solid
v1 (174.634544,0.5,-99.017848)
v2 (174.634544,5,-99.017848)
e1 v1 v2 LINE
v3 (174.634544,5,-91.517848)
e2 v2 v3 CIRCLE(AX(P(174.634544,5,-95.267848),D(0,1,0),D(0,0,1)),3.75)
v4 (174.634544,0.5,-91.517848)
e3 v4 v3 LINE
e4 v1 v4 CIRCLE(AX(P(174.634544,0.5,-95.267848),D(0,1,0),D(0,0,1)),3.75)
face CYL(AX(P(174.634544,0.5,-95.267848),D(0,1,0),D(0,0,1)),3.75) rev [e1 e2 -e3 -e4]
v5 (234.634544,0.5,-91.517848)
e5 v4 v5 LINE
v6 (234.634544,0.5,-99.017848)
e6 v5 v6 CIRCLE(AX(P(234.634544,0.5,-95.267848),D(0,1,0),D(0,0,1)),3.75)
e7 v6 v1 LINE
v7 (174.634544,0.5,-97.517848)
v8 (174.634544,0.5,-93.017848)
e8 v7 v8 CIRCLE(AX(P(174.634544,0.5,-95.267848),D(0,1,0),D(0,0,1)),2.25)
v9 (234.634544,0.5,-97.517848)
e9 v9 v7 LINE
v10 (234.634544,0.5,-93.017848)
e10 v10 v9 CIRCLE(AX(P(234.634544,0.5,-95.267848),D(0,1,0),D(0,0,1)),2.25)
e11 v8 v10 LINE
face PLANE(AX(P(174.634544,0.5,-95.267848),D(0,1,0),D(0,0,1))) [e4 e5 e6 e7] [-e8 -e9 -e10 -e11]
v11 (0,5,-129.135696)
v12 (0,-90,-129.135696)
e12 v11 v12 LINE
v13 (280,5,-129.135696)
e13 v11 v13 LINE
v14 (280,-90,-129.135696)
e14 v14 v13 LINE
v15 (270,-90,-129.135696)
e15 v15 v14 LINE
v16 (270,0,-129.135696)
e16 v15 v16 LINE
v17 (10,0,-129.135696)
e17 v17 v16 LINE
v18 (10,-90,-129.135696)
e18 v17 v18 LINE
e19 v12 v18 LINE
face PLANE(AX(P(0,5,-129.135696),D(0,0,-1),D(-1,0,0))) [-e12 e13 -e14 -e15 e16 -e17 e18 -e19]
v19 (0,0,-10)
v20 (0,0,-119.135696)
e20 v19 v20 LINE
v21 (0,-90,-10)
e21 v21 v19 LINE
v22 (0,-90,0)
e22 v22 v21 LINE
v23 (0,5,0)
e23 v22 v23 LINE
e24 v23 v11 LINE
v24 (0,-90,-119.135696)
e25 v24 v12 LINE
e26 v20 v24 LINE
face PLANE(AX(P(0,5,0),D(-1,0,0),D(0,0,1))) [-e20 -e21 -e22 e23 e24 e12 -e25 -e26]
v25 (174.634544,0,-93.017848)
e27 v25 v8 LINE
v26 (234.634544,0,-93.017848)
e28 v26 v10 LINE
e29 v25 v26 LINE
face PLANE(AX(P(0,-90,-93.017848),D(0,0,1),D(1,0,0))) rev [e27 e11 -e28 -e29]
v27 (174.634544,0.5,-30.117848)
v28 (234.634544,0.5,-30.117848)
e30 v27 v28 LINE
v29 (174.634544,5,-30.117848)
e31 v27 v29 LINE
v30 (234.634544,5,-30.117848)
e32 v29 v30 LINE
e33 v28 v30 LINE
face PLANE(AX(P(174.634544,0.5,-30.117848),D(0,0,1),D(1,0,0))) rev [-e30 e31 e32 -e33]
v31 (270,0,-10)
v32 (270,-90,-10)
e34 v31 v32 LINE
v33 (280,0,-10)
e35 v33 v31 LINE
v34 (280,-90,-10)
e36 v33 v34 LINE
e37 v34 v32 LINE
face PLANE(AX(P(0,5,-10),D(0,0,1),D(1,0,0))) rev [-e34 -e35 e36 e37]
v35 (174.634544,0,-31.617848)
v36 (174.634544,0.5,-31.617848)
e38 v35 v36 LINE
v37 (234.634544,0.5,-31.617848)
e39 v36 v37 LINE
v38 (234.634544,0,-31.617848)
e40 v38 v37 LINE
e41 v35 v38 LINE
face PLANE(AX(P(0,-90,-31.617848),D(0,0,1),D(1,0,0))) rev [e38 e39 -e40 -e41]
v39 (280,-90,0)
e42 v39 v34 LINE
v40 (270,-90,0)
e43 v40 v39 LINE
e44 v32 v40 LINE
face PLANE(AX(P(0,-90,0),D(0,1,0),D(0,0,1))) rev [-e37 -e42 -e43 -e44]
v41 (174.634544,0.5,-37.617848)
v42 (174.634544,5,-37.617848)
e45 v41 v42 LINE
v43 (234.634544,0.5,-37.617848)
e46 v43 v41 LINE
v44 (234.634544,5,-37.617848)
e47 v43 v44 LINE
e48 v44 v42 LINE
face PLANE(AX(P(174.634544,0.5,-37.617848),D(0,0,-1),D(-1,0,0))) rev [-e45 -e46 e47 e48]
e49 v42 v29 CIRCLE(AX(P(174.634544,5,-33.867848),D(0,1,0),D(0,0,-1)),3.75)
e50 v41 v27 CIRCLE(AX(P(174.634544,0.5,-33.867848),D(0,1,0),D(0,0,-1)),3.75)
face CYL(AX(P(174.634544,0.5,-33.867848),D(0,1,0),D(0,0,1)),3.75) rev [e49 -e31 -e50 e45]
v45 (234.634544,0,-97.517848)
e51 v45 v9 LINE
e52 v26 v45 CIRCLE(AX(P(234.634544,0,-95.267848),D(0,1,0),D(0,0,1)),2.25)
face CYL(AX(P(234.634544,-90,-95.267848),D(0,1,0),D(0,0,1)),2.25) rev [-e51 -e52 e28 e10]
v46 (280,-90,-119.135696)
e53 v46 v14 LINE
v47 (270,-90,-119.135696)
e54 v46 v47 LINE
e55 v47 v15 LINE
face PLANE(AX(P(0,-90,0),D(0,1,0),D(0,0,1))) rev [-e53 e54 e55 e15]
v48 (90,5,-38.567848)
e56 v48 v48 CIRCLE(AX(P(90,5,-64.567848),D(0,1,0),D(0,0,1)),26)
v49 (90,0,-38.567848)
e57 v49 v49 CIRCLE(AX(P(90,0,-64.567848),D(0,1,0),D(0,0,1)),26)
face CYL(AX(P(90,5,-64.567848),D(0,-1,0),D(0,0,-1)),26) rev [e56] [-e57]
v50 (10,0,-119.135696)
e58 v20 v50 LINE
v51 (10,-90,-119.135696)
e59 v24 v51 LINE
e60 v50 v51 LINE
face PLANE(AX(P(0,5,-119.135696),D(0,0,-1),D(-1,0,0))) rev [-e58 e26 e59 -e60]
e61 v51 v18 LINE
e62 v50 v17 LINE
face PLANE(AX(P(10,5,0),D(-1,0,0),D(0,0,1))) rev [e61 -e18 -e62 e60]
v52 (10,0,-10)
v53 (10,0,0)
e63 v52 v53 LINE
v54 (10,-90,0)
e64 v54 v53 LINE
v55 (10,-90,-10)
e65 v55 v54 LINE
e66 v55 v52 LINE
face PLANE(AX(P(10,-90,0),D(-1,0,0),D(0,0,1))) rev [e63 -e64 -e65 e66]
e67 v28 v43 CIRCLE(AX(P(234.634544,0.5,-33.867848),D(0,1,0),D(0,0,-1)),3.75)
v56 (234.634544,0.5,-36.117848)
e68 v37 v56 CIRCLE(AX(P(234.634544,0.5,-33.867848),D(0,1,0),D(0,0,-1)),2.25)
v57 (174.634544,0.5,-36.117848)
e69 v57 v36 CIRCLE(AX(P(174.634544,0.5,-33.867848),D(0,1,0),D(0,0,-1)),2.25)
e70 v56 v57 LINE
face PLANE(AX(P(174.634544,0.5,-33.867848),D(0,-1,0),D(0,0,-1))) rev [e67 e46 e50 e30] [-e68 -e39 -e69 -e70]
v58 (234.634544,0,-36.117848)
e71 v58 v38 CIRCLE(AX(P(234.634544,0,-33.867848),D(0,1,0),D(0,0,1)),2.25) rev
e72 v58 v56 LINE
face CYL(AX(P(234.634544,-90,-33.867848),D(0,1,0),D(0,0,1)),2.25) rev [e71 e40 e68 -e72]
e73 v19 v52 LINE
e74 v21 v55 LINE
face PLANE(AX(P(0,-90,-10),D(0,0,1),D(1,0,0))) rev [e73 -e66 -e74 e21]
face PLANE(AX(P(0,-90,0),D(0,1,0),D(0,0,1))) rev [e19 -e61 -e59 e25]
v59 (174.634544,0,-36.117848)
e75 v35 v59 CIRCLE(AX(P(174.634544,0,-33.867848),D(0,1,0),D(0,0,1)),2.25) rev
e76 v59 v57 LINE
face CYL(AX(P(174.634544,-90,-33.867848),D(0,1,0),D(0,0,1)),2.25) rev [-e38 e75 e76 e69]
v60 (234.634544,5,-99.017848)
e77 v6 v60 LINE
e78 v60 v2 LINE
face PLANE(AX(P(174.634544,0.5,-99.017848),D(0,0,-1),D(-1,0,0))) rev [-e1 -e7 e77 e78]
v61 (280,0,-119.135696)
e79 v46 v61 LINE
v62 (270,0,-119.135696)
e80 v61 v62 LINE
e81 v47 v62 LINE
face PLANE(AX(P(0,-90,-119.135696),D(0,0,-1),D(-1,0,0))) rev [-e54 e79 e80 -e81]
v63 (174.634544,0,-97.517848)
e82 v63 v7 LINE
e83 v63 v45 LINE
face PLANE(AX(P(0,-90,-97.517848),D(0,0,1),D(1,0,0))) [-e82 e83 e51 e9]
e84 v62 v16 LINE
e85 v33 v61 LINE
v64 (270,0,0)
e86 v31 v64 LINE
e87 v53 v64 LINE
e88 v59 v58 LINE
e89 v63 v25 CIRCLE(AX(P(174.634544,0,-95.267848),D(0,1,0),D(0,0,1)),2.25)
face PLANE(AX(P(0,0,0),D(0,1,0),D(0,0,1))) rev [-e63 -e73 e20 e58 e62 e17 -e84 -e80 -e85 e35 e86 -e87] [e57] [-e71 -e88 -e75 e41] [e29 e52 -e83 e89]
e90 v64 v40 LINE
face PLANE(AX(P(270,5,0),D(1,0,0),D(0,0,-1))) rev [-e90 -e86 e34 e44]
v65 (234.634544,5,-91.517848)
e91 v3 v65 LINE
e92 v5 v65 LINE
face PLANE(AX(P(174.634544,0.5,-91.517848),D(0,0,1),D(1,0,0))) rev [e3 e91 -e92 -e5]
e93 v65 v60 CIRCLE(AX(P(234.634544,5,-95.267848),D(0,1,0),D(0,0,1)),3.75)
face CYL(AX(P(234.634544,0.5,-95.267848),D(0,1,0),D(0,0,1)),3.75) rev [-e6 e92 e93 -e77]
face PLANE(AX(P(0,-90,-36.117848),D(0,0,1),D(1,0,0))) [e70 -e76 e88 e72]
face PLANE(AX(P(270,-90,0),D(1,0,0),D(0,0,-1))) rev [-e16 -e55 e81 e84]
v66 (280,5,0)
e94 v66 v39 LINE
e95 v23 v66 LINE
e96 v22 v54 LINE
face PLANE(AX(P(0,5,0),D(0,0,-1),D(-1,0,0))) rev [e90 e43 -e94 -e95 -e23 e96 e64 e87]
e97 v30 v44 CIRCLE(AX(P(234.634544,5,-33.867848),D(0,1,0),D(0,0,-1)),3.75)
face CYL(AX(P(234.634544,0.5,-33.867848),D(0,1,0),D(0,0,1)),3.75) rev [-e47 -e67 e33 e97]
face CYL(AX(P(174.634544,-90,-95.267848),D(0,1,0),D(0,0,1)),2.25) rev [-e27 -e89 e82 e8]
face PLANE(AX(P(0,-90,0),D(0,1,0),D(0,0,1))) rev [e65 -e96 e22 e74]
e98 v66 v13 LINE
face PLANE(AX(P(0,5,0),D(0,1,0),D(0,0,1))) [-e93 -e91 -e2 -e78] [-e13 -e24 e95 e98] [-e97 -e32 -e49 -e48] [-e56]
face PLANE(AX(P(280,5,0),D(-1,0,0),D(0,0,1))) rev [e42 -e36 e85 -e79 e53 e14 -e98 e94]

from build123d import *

# Parameters (mm, degrees)
SZKIC1_R                         = 26
DODANIE_WYCI_GNI_CIE1_DEPTH      = 5
DODANIE_WYCI_GNI_CIE2_DEPTH      = 5
DODANIE_WYCI_GNI_CIE2_DEPTH_BACK = 90
SZKIC1_3_W                       = 10
SZKIC1_3_H                       = 10
WYTNIJ_WYCI_GNI_CIE1_DEPTH       = 323.646908993
WYTNIJ_WYCI_GNI_CIE2_DEPTH       = 4.5


with BuildPart() as part:
    # Szkic1 → Dodanie-wyciągnięcie1 (new body)
    with BuildSketch(Plane(origin=(0, 0, 0), x_dir=(1, 0, 0), z_dir=(0, 1, 0))):
        Polygon((10, 10), (10, 0), (270, 0), (270, 10), (280, 10), (280, 119.135695619), (270, 119.135695619), (270, 129.135695619), (10, 129.135695619), (10, 119.135695619), (0, 119.135695619), (0, 10), align=None)
        with Locations((90, 64.567847809)):
            Circle(SZKIC1_R, mode=Mode.SUBTRACT)
    extrude(amount=DODANIE_WYCI_GNI_CIE1_DEPTH)

    # Szkic1<3> → Dodanie-wyciągnięcie2 (add, two sides: drawn at the far end of the back side and taken through both)
    with BuildSketch(Plane(origin=(0, 0, 0), x_dir=(1, 0, 0), z_dir=(0, 1, 0)).offset(-DODANIE_WYCI_GNI_CIE2_DEPTH_BACK)):
        with Locations((5, 5)):
            Rectangle(SZKIC1_3_W, SZKIC1_3_H)
        with Locations((275, 5)):
            Rectangle(SZKIC1_3_W, SZKIC1_3_H)
        with Locations((5, 124.135695619)):
            Rectangle(SZKIC1_3_W, SZKIC1_3_H)
        with Locations((275, 124.135695619)):
            Rectangle(SZKIC1_3_W, SZKIC1_3_H)
    extrude(amount=DODANIE_WYCI_GNI_CIE2_DEPTH + DODANIE_WYCI_GNI_CIE2_DEPTH_BACK)

    # Szkic2 → Wytnij-wyciągnięcie1 (cut, through all)
    with BuildSketch(Plane(origin=(0, 5, 0), x_dir=(1, 0, 0), z_dir=(0, 1, 0))):
        with BuildLine():
            Line((234.634543985, 97.517847809), (174.634543985, 97.517847809))
            ThreePointArc((174.634543985, 97.517847809), (172.384543985, 95.267847809), (174.634543985, 93.017847809))
            Line((174.634543985, 93.017847809), (234.634543985, 93.017847809))
            ThreePointArc((234.634543985, 93.017847809), (236.884543985, 95.267847809), (234.634543985, 97.517847809))
        make_face()
        with BuildLine():
            ThreePointArc((174.634543985, 36.117847809), (172.384543985, 33.867847809), (174.634543985, 31.617847809))
            Line((174.634543985, 31.617847809), (234.634543985, 31.617847809))
            ThreePointArc((234.634543985, 31.617847809), (236.884543985, 33.867847809), (234.634543985, 36.117847809))
            Line((234.634543985, 36.117847809), (174.634543985, 36.117847809))
        make_face()
    extrude(amount=-WYTNIJ_WYCI_GNI_CIE1_DEPTH, mode=Mode.SUBTRACT)

    # Szkic2<3> → Wytnij-wyciągnięcie2 (cut)
    # profile 1 of 2: a face of its own
    with BuildSketch(Plane(origin=(0, 5, 0), x_dir=(1, 0, 0), z_dir=(0, 1, 0))):
        with BuildLine():
            Line((174.634543985, 99.017847809), (234.634543985, 99.017847809))
            ThreePointArc((234.634543985, 99.017847809), (238.384543985, 95.267847809), (234.634543985, 91.517847809))
            Line((234.634543985, 91.517847809), (174.634543985, 91.517847809))
            ThreePointArc((174.634543985, 91.517847809), (170.884543985, 95.267847809), (174.634543985, 99.017847809))
        make_face()
        with BuildLine():
            Line((174.634543985, 97.517847809), (234.634543985, 97.517847809))
            ThreePointArc((234.634543985, 97.517847809), (236.884543985, 95.267847809), (234.634543985, 93.017847809))
            Line((234.634543985, 93.017847809), (174.634543985, 93.017847809))
            ThreePointArc((174.634543985, 93.017847809), (172.384543985, 95.267847809), (174.634543985, 97.517847809))
        make_face(mode=Mode.SUBTRACT)
    # profile 2 of 2: a face of its own
    with BuildSketch(Plane(origin=(0, 5, 0), x_dir=(1, 0, 0), z_dir=(0, 1, 0))):
        with BuildLine():
            Line((174.634543985, 30.117847809), (234.634543985, 30.117847809))
            ThreePointArc((234.634543985, 30.117847809), (238.384543985, 33.867847809), (234.634543985, 37.617847809))
            Line((234.634543985, 37.617847809), (174.634543985, 37.617847809))
            ThreePointArc((174.634543985, 37.617847809), (170.884543985, 33.867847809), (174.634543985, 30.117847809))
        make_face()
        with BuildLine():
            Line((174.634543985, 31.617847809), (234.634543985, 31.617847809))
            ThreePointArc((234.634543985, 31.617847809), (236.884543985, 33.867847809), (234.634543985, 36.117847809))
            Line((234.634543985, 36.117847809), (174.634543985, 36.117847809))
            ThreePointArc((174.634543985, 36.117847809), (172.384543985, 33.867847809), (174.634543985, 31.617847809))
        make_face(mode=Mode.SUBTRACT)
    extrude(amount=-WYTNIJ_WYCI_GNI_CIE2_DEPTH, mode=Mode.SUBTRACT)


solid = part.part
